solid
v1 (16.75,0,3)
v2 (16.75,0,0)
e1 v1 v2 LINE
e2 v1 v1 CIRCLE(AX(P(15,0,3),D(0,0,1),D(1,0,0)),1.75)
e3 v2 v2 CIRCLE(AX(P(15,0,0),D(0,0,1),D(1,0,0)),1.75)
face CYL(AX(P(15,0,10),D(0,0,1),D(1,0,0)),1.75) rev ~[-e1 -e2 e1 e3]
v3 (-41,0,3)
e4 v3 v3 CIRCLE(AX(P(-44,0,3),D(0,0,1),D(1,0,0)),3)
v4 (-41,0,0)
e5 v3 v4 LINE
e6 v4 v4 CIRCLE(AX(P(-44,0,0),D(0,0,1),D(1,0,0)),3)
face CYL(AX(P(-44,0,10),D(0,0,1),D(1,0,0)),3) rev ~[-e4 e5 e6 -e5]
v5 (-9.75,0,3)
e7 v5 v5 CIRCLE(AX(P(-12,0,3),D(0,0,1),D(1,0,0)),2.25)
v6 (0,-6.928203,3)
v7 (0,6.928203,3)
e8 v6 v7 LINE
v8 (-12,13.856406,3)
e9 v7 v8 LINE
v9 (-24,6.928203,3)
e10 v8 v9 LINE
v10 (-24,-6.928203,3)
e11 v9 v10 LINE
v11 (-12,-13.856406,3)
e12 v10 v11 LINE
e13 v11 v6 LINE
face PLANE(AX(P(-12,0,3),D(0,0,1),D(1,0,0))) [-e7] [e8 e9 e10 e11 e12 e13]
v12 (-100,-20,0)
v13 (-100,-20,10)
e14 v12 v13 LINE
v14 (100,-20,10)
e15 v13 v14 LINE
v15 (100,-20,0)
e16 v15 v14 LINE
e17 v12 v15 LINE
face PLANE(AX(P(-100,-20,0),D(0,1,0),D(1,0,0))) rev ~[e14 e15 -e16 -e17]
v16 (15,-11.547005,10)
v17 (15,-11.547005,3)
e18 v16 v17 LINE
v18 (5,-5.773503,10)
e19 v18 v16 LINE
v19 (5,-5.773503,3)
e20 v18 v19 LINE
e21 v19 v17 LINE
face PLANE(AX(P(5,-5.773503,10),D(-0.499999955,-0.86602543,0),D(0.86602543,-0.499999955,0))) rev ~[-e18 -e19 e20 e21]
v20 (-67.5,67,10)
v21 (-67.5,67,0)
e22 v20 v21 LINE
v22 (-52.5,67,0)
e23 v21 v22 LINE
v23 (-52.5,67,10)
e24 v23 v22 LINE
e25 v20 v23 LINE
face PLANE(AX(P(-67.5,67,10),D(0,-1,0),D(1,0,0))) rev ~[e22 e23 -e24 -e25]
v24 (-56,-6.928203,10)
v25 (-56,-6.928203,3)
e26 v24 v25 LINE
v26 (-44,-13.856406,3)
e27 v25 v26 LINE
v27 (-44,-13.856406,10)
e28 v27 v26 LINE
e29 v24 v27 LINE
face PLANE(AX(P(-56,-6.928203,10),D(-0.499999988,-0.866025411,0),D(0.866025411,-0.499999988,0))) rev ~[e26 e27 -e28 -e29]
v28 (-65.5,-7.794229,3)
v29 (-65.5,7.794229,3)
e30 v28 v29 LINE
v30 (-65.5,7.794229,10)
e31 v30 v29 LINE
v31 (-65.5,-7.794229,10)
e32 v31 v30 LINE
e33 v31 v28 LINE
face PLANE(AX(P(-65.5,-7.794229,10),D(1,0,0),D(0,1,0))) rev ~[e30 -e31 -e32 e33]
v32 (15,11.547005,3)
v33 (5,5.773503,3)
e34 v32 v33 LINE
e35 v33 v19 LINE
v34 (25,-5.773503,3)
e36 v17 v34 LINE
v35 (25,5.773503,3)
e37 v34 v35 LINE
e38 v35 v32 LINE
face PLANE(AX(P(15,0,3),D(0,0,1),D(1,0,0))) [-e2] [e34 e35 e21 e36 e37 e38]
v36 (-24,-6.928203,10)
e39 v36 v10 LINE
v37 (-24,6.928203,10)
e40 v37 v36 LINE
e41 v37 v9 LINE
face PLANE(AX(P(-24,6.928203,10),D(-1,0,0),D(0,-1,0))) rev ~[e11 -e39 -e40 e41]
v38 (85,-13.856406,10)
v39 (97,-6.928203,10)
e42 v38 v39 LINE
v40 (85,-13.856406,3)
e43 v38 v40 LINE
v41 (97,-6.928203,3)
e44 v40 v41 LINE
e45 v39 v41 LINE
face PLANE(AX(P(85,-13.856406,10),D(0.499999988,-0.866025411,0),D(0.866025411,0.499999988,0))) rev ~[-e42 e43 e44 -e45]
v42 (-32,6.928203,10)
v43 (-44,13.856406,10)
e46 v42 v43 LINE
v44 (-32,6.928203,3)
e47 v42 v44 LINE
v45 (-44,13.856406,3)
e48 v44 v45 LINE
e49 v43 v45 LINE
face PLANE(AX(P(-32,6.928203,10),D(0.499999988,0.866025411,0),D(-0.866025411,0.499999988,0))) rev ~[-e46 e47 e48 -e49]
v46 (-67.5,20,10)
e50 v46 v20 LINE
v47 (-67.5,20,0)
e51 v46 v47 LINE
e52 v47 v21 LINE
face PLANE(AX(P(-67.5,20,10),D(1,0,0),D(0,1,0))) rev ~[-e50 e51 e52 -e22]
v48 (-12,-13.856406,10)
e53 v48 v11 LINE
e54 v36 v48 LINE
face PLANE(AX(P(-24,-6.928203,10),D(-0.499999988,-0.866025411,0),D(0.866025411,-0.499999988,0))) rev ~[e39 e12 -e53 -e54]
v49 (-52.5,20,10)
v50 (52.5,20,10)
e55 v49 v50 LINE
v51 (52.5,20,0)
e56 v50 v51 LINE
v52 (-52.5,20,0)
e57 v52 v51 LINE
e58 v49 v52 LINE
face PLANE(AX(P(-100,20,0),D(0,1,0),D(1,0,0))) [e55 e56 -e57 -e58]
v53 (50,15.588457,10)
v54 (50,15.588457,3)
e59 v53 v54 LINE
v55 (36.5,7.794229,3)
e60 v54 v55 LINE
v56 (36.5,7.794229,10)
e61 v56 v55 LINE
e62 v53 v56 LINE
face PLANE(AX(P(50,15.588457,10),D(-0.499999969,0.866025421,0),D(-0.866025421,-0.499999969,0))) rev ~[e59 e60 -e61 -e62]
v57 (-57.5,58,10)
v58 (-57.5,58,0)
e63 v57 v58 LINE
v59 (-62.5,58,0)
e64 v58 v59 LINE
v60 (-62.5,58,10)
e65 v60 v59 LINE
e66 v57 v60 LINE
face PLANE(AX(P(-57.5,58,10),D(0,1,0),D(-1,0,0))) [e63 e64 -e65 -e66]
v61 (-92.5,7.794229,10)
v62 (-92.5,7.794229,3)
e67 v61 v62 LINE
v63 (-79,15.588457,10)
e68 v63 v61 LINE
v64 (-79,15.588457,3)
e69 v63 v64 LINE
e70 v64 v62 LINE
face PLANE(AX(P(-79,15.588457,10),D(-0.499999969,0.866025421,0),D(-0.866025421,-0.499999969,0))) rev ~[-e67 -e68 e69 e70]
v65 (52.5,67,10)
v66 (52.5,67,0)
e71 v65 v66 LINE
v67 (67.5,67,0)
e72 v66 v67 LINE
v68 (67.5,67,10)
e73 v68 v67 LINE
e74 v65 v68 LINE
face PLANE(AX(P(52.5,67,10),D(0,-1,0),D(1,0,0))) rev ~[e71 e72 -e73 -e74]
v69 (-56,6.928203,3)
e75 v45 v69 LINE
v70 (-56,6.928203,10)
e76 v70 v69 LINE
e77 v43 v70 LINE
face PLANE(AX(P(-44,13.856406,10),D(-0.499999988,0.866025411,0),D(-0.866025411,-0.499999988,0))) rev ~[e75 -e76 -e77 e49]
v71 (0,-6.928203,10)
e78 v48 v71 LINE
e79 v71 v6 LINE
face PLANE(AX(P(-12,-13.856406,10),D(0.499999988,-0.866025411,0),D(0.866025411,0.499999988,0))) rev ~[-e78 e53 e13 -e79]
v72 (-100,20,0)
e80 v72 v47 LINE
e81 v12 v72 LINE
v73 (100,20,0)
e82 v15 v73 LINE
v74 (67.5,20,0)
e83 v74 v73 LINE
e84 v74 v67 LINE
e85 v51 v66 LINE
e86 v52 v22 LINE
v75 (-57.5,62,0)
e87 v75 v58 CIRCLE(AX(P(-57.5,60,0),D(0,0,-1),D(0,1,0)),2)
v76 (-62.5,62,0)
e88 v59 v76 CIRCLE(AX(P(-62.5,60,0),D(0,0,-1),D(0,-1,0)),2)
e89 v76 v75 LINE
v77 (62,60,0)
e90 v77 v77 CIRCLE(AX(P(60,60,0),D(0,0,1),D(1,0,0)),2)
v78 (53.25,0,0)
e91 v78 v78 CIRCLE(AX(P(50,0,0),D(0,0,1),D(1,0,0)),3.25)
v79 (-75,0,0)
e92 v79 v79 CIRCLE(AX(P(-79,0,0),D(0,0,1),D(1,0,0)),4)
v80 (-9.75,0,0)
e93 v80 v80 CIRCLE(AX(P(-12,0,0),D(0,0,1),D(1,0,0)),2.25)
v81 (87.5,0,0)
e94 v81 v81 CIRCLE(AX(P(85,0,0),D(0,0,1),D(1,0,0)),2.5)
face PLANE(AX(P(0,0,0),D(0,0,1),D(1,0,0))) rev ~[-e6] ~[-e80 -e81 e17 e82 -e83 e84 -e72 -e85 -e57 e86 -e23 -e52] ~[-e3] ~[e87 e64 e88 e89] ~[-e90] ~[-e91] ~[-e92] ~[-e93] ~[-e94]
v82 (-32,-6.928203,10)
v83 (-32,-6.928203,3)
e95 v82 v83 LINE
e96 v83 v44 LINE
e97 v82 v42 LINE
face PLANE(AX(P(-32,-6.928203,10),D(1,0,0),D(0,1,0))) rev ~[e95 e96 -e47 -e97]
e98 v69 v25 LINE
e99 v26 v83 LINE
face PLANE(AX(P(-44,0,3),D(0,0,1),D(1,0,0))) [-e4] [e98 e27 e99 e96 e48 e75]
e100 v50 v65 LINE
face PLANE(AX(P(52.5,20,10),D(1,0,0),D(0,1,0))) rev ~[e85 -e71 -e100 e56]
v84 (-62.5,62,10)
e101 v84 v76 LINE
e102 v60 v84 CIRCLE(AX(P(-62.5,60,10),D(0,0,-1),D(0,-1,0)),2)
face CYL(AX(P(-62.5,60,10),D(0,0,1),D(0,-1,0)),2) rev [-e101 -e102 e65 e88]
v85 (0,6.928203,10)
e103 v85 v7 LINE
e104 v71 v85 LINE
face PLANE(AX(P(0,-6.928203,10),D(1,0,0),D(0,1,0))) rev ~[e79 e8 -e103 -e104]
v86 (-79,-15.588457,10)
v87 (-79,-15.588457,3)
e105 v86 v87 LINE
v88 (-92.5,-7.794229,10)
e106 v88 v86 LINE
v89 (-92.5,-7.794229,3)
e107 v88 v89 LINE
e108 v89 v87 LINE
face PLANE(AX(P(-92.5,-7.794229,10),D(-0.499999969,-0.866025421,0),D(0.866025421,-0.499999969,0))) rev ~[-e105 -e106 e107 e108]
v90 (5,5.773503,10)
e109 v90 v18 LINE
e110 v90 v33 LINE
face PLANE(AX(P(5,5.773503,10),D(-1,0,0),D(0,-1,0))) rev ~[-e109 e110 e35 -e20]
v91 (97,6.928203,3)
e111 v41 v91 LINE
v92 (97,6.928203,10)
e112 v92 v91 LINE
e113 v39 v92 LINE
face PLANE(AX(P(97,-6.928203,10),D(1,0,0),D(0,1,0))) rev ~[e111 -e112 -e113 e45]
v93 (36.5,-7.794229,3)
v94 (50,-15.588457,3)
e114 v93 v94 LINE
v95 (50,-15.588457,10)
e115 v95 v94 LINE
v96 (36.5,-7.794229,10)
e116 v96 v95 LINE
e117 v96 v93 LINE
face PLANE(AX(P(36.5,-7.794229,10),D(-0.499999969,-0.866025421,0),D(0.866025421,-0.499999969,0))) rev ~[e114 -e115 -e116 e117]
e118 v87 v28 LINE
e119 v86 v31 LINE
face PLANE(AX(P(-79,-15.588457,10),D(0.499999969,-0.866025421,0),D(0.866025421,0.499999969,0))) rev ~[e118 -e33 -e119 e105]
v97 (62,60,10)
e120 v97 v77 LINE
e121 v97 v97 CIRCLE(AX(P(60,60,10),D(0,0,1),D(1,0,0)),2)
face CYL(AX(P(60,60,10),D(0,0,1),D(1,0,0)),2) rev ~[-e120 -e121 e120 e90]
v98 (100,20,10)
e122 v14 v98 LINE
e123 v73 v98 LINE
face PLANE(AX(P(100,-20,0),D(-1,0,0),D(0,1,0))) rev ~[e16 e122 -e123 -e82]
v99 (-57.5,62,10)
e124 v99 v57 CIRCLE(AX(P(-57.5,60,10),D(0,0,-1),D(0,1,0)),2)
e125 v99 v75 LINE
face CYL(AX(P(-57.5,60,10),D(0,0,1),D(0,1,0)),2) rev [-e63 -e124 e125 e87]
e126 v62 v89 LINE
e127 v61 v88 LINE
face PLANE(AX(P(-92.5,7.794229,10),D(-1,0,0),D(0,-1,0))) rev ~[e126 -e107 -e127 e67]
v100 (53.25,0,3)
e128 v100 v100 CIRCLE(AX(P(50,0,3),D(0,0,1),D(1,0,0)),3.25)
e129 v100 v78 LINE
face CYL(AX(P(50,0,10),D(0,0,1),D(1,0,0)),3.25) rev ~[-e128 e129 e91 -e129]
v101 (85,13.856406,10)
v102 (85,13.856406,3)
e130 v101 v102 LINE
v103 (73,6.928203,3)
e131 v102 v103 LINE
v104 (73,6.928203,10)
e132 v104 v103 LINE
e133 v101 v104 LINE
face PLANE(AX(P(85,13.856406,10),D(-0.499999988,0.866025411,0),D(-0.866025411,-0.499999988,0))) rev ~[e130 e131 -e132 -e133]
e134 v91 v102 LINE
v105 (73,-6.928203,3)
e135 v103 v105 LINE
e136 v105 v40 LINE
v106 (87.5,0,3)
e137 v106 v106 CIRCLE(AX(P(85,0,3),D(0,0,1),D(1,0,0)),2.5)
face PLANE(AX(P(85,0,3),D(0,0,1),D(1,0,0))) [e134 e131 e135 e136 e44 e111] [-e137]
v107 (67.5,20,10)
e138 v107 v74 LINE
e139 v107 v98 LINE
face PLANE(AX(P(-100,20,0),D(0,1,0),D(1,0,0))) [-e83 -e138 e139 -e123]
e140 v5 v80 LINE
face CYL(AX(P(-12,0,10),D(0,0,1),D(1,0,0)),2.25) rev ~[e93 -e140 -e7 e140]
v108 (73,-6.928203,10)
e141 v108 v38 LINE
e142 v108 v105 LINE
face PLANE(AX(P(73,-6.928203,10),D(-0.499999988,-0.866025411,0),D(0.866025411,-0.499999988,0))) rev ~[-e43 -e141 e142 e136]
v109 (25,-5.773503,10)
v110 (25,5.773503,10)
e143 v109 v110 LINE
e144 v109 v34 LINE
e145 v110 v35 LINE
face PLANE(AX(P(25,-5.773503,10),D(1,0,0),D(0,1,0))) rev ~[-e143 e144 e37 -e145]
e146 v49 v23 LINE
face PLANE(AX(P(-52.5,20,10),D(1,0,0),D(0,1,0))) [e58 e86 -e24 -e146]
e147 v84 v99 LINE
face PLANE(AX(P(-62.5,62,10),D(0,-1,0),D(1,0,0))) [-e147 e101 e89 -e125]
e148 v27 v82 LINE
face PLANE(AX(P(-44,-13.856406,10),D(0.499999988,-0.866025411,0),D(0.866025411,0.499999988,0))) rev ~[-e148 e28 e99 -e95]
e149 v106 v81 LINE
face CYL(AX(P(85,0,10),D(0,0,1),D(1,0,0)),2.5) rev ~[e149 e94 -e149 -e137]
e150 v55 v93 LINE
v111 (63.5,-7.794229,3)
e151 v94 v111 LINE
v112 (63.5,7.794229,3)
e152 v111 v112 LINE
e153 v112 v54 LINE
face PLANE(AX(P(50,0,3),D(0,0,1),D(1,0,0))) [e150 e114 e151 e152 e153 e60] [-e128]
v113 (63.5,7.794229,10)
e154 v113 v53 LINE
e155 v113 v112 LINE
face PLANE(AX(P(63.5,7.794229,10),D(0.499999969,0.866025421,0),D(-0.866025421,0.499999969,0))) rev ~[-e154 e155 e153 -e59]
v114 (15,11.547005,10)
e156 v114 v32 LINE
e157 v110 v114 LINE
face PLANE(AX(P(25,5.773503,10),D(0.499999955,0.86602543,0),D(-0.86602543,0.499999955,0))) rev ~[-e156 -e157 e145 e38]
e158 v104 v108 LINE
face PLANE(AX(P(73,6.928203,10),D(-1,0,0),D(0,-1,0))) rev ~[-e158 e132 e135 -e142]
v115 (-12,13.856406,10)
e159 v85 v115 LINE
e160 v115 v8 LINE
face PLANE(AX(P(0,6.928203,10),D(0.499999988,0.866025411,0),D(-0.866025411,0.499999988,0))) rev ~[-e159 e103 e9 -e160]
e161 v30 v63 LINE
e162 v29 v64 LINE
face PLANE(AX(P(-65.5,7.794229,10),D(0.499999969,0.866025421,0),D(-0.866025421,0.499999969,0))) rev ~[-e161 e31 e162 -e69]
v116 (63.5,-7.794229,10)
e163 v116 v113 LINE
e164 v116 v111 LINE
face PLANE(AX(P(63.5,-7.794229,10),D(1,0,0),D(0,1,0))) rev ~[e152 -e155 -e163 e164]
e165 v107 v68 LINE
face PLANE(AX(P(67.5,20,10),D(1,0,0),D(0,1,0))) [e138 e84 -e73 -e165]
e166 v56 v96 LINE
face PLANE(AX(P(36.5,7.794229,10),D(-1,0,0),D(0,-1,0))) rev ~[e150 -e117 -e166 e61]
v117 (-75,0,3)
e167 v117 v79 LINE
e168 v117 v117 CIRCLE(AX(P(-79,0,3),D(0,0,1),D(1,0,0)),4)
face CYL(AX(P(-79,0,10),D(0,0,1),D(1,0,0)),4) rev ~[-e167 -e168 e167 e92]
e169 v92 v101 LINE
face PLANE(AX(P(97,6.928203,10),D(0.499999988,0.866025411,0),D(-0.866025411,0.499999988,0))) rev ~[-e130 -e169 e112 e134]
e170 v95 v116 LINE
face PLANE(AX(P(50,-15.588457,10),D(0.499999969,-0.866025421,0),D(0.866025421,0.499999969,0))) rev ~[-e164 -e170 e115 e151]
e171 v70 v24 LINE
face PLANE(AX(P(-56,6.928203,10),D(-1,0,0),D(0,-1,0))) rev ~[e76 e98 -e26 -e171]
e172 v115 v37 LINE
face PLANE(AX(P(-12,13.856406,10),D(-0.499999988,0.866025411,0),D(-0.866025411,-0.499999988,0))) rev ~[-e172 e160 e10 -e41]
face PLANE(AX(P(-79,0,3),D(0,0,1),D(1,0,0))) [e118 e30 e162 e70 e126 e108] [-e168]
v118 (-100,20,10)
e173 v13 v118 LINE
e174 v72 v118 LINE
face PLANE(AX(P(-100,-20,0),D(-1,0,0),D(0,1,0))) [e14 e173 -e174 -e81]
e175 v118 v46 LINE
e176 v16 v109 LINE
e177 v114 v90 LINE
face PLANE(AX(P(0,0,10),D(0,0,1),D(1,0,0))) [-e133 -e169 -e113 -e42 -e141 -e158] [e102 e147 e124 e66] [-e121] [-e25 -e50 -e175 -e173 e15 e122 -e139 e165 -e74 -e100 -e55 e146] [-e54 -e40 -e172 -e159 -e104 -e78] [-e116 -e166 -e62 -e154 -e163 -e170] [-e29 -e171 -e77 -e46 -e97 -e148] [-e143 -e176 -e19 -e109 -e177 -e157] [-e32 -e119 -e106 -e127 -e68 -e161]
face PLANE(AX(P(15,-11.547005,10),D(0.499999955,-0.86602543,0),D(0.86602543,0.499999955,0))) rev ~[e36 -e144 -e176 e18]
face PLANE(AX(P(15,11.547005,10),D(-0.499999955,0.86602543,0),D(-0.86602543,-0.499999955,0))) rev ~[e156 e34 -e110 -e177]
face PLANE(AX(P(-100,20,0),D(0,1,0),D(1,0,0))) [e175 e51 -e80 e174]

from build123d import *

# Parameters (mm, degrees)
F0_W     = 200
F0_H     = 40
F1_DEPTH = 10
F3_DEPTH = 7
F4_R     = 4
F4_R_2   = 3
F4_R_3   = 2.25
F4_R_4   = 1.75
F4_R_5   = 3.25
F4_R_6   = 2.5
F5_DEPTH = 10.001
F6_W     = 15
F6_H     = 47
F6_R     = 2
F7_DEPTH = 10


with BuildPart() as f1:
    # F0 (on Top) → F1 (new body)
    with BuildSketch(Plane.XY):
        Rectangle(F0_W, F0_H)
    extrude(amount=F1_DEPTH)

    # F2 (on face) → F3 (cut)
    with BuildSketch(Plane.XY.offset(10)):
        Polygon((-92.5, -7.794229), (-79, -15.588457), (-65.5, -7.794229), (-65.5, 7.794229), (-79, 15.588457), (-92.5, 7.794229), align=None)
        Polygon((97, -6.928203), (97, 6.928203), (85, 13.856406), (73, 6.928203), (73, -6.928203), (85, -13.856406), align=None)
        Polygon((-56, 6.928203), (-56, -6.928203), (-44, -13.856406), (-32, -6.928203), (-32, 6.928203), (-44, 13.856406), align=None)
        Polygon((50, -15.588457), (63.5, -7.794229), (63.5, 7.794229), (50, 15.588457), (36.5, 7.794229), (36.5, -7.794229), align=None)
        Polygon((-12, 13.856406), (-24, 6.928203), (-24, -6.928203), (-12, -13.856406), (0, -6.928203), (0, 6.928203), align=None)
        Polygon((25, -5.773503), (25, 5.773503), (15, 11.547005), (5, 5.773503), (5, -5.773503), (15, -11.547005), align=None)
    extrude(amount=-F3_DEPTH, mode=Mode.SUBTRACT)

    # F4 (on face) → F5 (cut, through all)
    with BuildSketch(Plane.XY.offset(10)):
        with Locations((-79, 0)):
            Circle(F4_R)
        with Locations((-44, 0)):
            Circle(F4_R_2)
        with Locations((-12, 0)):
            Circle(F4_R_3)
        with Locations((15, 0)):
            Circle(F4_R_4)
        with Locations((50, 0)):
            Circle(F4_R_5)
        with Locations((85, 0)):
            Circle(F4_R_6)
    extrude(amount=-F5_DEPTH, mode=Mode.SUBTRACT)

    # F6 (on face) → F7 (join, through all)
    with BuildSketch(Plane.XY.offset(10)):
        with Locations((60, 43.5)):
            Rectangle(F6_W, F6_H)
        with Locations((60, 60)):
            Circle(F6_R, mode=Mode.SUBTRACT)
        with Locations((-60, 43.5)):
            Rectangle(F6_W, F6_H)
        with BuildLine():
            ThreePointArc((-57.5, 62), (-55.5, 60), (-57.5, 58))
            Line((-57.5, 58), (-62.5, 58))
            ThreePointArc((-62.5, 58), (-64.5, 60), (-62.5, 62))
            Line((-62.5, 62), (-57.5, 62))
        make_face(mode=Mode.SUBTRACT)
    extrude(amount=-F7_DEPTH)


solid = f1.part
